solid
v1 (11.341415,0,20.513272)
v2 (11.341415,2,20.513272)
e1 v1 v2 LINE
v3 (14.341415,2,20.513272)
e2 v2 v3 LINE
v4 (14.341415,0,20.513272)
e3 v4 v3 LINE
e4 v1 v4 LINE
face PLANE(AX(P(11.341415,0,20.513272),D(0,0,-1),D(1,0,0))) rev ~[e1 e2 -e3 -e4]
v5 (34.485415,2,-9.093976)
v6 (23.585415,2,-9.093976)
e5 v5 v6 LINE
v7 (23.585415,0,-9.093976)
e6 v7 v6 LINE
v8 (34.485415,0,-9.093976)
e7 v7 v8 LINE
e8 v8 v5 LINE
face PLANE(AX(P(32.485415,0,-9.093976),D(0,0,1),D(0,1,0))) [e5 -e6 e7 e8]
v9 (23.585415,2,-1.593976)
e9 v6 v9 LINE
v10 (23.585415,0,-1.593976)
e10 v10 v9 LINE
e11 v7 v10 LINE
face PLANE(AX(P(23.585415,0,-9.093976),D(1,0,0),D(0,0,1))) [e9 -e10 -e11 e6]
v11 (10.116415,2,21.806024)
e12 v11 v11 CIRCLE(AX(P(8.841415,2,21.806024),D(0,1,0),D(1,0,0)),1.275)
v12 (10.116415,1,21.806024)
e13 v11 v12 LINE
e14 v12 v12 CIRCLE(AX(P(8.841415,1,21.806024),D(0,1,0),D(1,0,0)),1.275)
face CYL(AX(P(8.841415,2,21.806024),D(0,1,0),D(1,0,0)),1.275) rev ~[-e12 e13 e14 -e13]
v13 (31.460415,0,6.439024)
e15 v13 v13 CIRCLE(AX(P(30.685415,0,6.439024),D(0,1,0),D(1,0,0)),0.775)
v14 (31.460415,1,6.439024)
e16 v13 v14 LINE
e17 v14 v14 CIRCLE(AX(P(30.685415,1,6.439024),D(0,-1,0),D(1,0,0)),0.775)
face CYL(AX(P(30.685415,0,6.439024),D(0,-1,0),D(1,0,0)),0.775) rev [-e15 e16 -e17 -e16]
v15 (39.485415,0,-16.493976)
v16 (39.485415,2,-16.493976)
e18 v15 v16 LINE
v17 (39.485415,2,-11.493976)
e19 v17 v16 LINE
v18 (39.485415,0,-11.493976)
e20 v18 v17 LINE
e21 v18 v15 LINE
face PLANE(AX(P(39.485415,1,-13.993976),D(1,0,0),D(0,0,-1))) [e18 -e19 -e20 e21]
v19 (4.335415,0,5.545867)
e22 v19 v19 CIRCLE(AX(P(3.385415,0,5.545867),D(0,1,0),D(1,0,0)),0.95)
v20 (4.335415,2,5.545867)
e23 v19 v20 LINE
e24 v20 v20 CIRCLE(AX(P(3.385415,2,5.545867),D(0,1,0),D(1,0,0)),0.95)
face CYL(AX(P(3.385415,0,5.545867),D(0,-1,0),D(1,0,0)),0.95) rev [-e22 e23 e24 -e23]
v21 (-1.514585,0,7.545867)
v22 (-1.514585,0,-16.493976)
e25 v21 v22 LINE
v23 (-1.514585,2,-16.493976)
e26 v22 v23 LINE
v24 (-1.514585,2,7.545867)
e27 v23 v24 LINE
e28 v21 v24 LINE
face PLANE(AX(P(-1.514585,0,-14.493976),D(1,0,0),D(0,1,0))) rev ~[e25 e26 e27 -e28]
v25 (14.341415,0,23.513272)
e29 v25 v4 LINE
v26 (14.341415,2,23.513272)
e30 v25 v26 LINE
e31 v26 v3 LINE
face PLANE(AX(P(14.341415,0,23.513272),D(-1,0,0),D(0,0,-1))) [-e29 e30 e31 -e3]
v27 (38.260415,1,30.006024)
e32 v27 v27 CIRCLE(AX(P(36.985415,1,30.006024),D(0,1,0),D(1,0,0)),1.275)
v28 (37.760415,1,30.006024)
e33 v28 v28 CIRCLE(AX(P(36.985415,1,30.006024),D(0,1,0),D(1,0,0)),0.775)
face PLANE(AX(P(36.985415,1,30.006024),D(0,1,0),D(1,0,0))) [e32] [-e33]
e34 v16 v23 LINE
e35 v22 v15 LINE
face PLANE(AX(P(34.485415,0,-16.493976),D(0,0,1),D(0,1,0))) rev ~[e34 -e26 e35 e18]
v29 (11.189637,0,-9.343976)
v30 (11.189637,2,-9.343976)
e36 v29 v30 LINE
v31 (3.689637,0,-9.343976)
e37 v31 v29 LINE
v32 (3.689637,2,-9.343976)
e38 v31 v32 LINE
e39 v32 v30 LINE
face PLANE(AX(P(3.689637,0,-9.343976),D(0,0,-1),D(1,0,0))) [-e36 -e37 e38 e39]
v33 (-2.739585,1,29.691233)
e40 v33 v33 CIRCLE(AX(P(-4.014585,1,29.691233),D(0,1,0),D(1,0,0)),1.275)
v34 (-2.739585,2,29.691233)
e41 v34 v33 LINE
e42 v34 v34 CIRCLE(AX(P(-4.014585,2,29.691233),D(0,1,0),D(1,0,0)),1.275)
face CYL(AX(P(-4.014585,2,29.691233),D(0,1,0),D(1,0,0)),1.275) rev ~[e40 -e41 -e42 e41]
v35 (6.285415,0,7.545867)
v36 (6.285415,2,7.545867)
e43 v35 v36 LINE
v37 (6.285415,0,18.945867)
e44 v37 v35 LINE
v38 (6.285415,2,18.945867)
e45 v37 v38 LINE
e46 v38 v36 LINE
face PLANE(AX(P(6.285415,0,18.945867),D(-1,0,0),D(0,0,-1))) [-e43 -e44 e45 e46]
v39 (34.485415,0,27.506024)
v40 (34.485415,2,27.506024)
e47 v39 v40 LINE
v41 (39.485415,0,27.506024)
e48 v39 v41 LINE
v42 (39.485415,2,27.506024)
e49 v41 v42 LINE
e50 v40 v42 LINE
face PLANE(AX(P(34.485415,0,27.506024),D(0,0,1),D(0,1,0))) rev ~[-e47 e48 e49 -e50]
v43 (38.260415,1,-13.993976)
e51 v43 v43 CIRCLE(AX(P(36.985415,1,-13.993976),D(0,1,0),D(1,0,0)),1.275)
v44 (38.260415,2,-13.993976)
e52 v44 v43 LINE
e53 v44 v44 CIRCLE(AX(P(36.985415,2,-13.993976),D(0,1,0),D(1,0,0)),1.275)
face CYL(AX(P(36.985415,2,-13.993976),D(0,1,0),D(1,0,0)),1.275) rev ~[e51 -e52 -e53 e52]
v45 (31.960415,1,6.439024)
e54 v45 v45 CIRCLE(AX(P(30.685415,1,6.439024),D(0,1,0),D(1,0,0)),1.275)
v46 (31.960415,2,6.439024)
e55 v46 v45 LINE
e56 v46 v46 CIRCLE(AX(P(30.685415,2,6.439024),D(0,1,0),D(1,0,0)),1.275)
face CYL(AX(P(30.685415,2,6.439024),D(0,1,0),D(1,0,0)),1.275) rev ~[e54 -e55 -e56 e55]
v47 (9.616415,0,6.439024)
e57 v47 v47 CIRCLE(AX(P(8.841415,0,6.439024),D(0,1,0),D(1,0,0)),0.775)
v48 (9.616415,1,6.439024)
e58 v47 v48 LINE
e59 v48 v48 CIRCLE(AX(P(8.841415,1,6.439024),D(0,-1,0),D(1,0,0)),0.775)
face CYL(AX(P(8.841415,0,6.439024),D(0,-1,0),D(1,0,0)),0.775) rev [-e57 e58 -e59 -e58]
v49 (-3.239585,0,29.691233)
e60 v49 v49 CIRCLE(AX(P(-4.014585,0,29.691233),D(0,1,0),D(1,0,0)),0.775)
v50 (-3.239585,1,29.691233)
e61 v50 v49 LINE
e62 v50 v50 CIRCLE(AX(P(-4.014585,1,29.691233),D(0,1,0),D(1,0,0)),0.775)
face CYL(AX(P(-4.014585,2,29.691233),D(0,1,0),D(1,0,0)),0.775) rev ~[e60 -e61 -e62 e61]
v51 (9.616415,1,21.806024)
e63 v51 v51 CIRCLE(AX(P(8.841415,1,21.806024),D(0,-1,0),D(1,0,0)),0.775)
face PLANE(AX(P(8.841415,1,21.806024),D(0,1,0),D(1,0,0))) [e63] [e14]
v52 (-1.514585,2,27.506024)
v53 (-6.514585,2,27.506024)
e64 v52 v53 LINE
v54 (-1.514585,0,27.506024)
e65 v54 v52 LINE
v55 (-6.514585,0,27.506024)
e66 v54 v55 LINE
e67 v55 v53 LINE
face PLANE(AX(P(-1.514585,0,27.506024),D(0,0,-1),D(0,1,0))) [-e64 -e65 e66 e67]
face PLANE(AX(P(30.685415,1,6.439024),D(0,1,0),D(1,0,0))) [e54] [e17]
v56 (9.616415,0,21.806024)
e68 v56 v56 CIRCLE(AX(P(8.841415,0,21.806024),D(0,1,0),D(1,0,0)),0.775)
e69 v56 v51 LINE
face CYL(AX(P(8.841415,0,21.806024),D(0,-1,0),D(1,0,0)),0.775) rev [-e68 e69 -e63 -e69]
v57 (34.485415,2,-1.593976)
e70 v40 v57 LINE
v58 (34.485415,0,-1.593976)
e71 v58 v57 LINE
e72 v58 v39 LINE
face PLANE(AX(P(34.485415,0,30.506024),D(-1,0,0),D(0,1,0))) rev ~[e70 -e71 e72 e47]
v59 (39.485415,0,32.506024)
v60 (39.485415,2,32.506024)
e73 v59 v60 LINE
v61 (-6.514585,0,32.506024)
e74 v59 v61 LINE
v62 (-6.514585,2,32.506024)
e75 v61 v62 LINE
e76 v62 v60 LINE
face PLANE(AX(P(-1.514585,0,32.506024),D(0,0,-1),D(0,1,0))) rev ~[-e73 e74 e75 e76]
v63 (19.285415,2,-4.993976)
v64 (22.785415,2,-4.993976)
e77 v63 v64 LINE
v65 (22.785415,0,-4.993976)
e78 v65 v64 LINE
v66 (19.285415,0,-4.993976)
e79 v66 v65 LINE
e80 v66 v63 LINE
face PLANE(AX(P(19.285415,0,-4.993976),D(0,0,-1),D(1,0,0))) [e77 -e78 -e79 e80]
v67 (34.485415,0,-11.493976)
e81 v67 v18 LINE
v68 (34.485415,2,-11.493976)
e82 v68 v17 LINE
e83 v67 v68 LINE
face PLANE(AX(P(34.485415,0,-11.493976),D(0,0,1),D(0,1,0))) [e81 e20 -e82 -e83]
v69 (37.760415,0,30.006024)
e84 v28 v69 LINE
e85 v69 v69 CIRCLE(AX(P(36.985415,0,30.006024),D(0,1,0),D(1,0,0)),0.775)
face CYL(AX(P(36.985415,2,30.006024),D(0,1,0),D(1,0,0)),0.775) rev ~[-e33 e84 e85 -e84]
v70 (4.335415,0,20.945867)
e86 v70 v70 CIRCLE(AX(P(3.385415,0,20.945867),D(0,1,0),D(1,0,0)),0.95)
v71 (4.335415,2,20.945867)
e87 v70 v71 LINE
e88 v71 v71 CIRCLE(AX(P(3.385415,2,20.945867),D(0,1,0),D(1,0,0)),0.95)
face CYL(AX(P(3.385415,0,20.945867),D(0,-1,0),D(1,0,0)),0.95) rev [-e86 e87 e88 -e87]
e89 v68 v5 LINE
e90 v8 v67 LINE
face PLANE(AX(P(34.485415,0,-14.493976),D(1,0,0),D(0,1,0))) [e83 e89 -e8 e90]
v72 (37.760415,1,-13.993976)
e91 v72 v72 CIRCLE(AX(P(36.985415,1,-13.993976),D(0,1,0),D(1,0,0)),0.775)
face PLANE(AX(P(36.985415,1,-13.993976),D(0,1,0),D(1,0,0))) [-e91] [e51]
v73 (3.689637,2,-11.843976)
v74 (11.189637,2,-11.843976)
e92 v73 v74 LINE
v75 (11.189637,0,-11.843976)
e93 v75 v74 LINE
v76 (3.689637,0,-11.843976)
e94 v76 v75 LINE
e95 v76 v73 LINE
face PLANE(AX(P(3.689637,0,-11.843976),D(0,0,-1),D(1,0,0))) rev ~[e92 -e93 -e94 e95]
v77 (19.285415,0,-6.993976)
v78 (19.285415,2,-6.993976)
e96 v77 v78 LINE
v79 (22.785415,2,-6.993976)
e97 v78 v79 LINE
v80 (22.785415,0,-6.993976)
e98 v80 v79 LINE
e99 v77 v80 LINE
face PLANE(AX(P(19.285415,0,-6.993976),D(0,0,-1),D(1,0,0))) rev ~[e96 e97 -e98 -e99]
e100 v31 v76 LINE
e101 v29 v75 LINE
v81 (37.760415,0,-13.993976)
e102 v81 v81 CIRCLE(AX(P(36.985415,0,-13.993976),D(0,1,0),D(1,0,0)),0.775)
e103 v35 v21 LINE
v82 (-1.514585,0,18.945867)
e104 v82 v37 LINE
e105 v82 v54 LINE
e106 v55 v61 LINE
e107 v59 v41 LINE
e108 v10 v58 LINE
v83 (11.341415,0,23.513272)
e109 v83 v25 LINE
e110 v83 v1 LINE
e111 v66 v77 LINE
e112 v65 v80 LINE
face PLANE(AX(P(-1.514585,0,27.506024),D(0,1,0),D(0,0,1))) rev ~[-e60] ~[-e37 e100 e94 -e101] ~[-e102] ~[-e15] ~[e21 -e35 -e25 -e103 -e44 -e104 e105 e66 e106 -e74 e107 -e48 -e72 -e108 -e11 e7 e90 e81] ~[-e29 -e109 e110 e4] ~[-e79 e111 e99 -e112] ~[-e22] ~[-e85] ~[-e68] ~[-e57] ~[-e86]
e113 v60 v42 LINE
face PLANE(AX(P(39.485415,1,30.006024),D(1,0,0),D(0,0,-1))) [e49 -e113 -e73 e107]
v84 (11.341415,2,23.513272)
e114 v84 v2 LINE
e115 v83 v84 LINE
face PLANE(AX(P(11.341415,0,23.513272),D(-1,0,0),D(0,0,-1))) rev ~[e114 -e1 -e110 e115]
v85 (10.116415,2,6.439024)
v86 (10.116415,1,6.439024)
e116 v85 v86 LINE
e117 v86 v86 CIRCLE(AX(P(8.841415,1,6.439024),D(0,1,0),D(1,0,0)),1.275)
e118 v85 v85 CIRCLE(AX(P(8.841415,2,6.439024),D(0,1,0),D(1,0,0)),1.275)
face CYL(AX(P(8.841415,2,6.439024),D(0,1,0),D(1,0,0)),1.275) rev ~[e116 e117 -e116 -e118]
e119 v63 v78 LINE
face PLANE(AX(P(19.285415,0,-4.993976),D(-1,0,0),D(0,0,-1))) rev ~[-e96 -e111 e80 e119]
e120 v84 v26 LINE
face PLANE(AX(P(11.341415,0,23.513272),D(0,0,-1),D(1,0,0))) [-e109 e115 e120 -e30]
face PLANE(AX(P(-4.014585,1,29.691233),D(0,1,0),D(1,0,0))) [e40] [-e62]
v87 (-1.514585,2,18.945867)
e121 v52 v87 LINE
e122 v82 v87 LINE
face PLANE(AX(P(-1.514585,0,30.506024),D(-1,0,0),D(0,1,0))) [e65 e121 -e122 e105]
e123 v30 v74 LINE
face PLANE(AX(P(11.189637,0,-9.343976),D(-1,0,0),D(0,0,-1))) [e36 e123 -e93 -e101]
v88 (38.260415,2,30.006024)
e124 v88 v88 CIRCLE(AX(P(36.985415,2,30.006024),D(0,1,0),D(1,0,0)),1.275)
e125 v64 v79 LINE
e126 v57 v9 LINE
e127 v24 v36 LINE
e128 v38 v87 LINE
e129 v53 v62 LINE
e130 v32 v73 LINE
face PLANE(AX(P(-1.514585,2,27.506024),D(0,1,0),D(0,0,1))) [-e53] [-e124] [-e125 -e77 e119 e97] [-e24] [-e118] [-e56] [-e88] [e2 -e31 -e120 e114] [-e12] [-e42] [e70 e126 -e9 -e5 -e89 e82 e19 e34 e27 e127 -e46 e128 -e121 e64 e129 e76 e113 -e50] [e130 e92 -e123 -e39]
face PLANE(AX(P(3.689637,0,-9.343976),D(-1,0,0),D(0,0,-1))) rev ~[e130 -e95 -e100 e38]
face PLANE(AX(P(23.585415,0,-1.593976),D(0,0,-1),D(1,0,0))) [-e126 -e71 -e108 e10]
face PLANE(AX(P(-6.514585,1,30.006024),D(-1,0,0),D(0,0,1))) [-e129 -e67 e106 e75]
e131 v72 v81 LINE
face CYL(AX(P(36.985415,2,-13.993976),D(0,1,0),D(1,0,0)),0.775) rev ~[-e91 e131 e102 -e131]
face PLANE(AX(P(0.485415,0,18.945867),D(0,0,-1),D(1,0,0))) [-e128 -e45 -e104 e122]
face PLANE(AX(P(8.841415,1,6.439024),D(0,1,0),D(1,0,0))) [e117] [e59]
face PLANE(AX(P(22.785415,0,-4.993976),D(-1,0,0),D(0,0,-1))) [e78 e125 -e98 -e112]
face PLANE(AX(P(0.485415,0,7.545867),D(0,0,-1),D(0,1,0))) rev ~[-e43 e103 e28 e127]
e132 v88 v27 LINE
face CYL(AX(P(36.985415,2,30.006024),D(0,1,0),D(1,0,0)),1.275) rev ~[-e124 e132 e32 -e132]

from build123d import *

# Parameters (mm, degrees)
SKETCH1_R           = 0.775
SKETCH1_R_2         = 0.95
SKETCH1_W           = 3
SKETCH1_H           = 3
SKETCH1_W_2         = 3.5
SKETCH1_H_2         = 2
SKETCH1_W_3         = 7.5
SKETCH1_H_3         = 2.5
BOSS_EXTRUDE1_DEPTH = 2
SKETCH2_R           = 1.275
CUT_EXTRUDE1_DEPTH  = 1
SKETCH4_W           = 22.039842778
SKETCH4_H           = 2
SKETCH4_W_2         = 11.560157222
BOSS_EXTRUDE3_DEPTH = 2
SKETCH5_W           = 5.4
SKETCH5_H           = 2
SKETCH5_W_2         = 32.1
BOSS_EXTRUDE4_DEPTH = 2
SKETCH6_W           = 36
SKETCH6_H           = 2
BOSS_EXTRUDE5_DEPTH = 2
SKETCH7_W           = 36
SKETCH7_H           = 2
BOSS_EXTRUDE6_DEPTH = 2
SKETCH8_W           = 5
SKETCH8_H           = 2
BOSS_EXTRUDE7_DEPTH = 5
SKETCH9_W           = 5
SKETCH9_H           = 2
BOSS_EXTRUDE8_DEPTH = 5
SKETCH10_R          = 0.775
CUT_EXTRUDE2_DEPTH  = 5
SKETCH11_R          = 1.275
CUT_EXTRUDE3_DEPTH  = 1


with BuildPart() as part:
    # Sketch1 → Boss-Extrude1 (new body)
    with BuildSketch(Plane(origin=(0, 0, 0), x_dir=(1, 0, 0), z_dir=(0, 1, 0))):
        Polygon((32.485414634, 9.09397561), (23.585414634, 9.09397561), (23.585414634, 1.59397561), (32.485414634, 1.59397561), (32.485414634, -30.50602439), (0.485414634, -30.50602439), (0.485414634, -18.945867168), (6.285414634, -18.945867168), (6.285414634, -7.545867168), (0.485414634, -7.545867168), (0.485414634, 14.49397561), (32.485414634, 14.49397561), align=None)
        with Locations((30.685414634, -6.43902439)):
            Circle(SKETCH1_R, mode=Mode.SUBTRACT)
        with Locations((8.841414634, -6.43902439)):
            Circle(SKETCH1_R, mode=Mode.SUBTRACT)
        with Locations((8.841414634, -21.80602439)):
            Circle(SKETCH1_R, mode=Mode.SUBTRACT)
        with Locations((3.385414634, -5.545867168)):
            Circle(SKETCH1_R_2, mode=Mode.SUBTRACT)
        with Locations((3.385414634, -20.945867168)):
            Circle(SKETCH1_R_2, mode=Mode.SUBTRACT)
        with Locations((12.841414634, -22.013272234)):
            Rectangle(SKETCH1_W, SKETCH1_H, mode=Mode.SUBTRACT)
        with Locations((21.035414634, 5.99397561)):
            Rectangle(SKETCH1_W_2, SKETCH1_H_2, mode=Mode.SUBTRACT)
        with Locations((7.439637151, 10.59397561)):
            Rectangle(SKETCH1_W_3, SKETCH1_H_3, mode=Mode.SUBTRACT)
    extrude(amount=BOSS_EXTRUDE1_DEPTH)

    # Sketch2 → Cut-Extrude1 (cut)
    with BuildSketch(Plane(origin=(0, 2, 0), x_dir=(1, 0, 0), z_dir=(0, 1, 0))):
        with Locations((8.841414634, -6.43902439)):
            Circle(SKETCH2_R)
        with Locations((30.685414634, -6.43902439)):
            Circle(SKETCH2_R)
        with Locations((8.841414634, -21.80602439)):
            Circle(SKETCH2_R)
    extrude(amount=-CUT_EXTRUDE1_DEPTH, mode=Mode.SUBTRACT)

    # Sketch4 → Boss-Extrude3 (add)
    with BuildSketch(Plane.ZY.offset(-0.485414634)):
        with Locations((-3.474054221, 1)):
            Rectangle(SKETCH4_W, SKETCH4_H)
        with Locations((24.725945779, 1)):
            Rectangle(SKETCH4_W_2, SKETCH4_H)
    extrude(amount=BOSS_EXTRUDE3_DEPTH)

    # Sketch5 → Boss-Extrude4 (add)
    with BuildSketch(Plane(origin=(32.485414634, 0, 0), x_dir=(0, 0, -1), z_dir=(1, 0, 0))):
        with Locations((11.79397561, 1)):
            Rectangle(SKETCH5_W, SKETCH5_H)
        with Locations((-14.45602439, 1)):
            Rectangle(SKETCH5_W_2, SKETCH5_H)
    extrude(amount=BOSS_EXTRUDE4_DEPTH)

    # Sketch6 → Boss-Extrude5 (add)
    with BuildSketch(Plane(origin=(0, 0, -14.49397561), x_dir=(-1, 0, 0), z_dir=(0, 0, -1))):
        with Locations((-16.485414634, 1)):
            Rectangle(SKETCH6_W, SKETCH6_H)
    extrude(amount=BOSS_EXTRUDE5_DEPTH)

    # Sketch7 → Boss-Extrude6 (add)
    with BuildSketch(Plane.XY.offset(30.50602439)):
        with Locations((16.485414634, 1)):
            Rectangle(SKETCH7_W, SKETCH7_H)
    extrude(amount=BOSS_EXTRUDE6_DEPTH)

    # Sketch8 → Boss-Extrude7 (add)
    with BuildSketch(Plane(origin=(34.485414634, 0, 0), x_dir=(0, 0, -1), z_dir=(1, 0, 0))):
        with Locations((13.99397561, 1)):
            Rectangle(SKETCH8_W, SKETCH8_H)
        with Locations((-30.00602439, 1)):
            Rectangle(SKETCH8_W, SKETCH8_H)
    extrude(amount=BOSS_EXTRUDE7_DEPTH)

    # Sketch9 → Boss-Extrude8 (add)
    with BuildSketch(Plane.ZY.offset(1.514585366)):
        with Locations((30.00602439, 1)):
            Rectangle(SKETCH9_W, SKETCH9_H)
    extrude(amount=BOSS_EXTRUDE8_DEPTH)

    # Sketch10 → Cut-Extrude2 (cut)
    with BuildSketch(Plane(origin=(0, 2, 0), x_dir=(1, 0, 0), z_dir=(0, 1, 0))):
        with Locations((36.985414634, 13.99397561)):
            Circle(SKETCH10_R)
        with Locations((36.985414634, -30.00602439)):
            Circle(SKETCH10_R)
        with Locations((-4.014585366, -29.691233116)):
            Circle(SKETCH10_R)
    extrude(amount=-CUT_EXTRUDE2_DEPTH, mode=Mode.SUBTRACT)

    # Sketch11 → Cut-Extrude3 (cut)
    with BuildSketch(Plane(origin=(0, 2, 0), x_dir=(1, 0, 0), z_dir=(0, 1, 0))):
        with Locations((36.985414634, 13.99397561)):
            Circle(SKETCH11_R)
        with Locations((36.985414634, -30.00602439)):
            Circle(SKETCH11_R)
        with Locations((-4.014585366, -29.691233116)):
            Circle(SKETCH11_R)
    extrude(amount=-CUT_EXTRUDE3_DEPTH, mode=Mode.SUBTRACT)


solid = part.part
